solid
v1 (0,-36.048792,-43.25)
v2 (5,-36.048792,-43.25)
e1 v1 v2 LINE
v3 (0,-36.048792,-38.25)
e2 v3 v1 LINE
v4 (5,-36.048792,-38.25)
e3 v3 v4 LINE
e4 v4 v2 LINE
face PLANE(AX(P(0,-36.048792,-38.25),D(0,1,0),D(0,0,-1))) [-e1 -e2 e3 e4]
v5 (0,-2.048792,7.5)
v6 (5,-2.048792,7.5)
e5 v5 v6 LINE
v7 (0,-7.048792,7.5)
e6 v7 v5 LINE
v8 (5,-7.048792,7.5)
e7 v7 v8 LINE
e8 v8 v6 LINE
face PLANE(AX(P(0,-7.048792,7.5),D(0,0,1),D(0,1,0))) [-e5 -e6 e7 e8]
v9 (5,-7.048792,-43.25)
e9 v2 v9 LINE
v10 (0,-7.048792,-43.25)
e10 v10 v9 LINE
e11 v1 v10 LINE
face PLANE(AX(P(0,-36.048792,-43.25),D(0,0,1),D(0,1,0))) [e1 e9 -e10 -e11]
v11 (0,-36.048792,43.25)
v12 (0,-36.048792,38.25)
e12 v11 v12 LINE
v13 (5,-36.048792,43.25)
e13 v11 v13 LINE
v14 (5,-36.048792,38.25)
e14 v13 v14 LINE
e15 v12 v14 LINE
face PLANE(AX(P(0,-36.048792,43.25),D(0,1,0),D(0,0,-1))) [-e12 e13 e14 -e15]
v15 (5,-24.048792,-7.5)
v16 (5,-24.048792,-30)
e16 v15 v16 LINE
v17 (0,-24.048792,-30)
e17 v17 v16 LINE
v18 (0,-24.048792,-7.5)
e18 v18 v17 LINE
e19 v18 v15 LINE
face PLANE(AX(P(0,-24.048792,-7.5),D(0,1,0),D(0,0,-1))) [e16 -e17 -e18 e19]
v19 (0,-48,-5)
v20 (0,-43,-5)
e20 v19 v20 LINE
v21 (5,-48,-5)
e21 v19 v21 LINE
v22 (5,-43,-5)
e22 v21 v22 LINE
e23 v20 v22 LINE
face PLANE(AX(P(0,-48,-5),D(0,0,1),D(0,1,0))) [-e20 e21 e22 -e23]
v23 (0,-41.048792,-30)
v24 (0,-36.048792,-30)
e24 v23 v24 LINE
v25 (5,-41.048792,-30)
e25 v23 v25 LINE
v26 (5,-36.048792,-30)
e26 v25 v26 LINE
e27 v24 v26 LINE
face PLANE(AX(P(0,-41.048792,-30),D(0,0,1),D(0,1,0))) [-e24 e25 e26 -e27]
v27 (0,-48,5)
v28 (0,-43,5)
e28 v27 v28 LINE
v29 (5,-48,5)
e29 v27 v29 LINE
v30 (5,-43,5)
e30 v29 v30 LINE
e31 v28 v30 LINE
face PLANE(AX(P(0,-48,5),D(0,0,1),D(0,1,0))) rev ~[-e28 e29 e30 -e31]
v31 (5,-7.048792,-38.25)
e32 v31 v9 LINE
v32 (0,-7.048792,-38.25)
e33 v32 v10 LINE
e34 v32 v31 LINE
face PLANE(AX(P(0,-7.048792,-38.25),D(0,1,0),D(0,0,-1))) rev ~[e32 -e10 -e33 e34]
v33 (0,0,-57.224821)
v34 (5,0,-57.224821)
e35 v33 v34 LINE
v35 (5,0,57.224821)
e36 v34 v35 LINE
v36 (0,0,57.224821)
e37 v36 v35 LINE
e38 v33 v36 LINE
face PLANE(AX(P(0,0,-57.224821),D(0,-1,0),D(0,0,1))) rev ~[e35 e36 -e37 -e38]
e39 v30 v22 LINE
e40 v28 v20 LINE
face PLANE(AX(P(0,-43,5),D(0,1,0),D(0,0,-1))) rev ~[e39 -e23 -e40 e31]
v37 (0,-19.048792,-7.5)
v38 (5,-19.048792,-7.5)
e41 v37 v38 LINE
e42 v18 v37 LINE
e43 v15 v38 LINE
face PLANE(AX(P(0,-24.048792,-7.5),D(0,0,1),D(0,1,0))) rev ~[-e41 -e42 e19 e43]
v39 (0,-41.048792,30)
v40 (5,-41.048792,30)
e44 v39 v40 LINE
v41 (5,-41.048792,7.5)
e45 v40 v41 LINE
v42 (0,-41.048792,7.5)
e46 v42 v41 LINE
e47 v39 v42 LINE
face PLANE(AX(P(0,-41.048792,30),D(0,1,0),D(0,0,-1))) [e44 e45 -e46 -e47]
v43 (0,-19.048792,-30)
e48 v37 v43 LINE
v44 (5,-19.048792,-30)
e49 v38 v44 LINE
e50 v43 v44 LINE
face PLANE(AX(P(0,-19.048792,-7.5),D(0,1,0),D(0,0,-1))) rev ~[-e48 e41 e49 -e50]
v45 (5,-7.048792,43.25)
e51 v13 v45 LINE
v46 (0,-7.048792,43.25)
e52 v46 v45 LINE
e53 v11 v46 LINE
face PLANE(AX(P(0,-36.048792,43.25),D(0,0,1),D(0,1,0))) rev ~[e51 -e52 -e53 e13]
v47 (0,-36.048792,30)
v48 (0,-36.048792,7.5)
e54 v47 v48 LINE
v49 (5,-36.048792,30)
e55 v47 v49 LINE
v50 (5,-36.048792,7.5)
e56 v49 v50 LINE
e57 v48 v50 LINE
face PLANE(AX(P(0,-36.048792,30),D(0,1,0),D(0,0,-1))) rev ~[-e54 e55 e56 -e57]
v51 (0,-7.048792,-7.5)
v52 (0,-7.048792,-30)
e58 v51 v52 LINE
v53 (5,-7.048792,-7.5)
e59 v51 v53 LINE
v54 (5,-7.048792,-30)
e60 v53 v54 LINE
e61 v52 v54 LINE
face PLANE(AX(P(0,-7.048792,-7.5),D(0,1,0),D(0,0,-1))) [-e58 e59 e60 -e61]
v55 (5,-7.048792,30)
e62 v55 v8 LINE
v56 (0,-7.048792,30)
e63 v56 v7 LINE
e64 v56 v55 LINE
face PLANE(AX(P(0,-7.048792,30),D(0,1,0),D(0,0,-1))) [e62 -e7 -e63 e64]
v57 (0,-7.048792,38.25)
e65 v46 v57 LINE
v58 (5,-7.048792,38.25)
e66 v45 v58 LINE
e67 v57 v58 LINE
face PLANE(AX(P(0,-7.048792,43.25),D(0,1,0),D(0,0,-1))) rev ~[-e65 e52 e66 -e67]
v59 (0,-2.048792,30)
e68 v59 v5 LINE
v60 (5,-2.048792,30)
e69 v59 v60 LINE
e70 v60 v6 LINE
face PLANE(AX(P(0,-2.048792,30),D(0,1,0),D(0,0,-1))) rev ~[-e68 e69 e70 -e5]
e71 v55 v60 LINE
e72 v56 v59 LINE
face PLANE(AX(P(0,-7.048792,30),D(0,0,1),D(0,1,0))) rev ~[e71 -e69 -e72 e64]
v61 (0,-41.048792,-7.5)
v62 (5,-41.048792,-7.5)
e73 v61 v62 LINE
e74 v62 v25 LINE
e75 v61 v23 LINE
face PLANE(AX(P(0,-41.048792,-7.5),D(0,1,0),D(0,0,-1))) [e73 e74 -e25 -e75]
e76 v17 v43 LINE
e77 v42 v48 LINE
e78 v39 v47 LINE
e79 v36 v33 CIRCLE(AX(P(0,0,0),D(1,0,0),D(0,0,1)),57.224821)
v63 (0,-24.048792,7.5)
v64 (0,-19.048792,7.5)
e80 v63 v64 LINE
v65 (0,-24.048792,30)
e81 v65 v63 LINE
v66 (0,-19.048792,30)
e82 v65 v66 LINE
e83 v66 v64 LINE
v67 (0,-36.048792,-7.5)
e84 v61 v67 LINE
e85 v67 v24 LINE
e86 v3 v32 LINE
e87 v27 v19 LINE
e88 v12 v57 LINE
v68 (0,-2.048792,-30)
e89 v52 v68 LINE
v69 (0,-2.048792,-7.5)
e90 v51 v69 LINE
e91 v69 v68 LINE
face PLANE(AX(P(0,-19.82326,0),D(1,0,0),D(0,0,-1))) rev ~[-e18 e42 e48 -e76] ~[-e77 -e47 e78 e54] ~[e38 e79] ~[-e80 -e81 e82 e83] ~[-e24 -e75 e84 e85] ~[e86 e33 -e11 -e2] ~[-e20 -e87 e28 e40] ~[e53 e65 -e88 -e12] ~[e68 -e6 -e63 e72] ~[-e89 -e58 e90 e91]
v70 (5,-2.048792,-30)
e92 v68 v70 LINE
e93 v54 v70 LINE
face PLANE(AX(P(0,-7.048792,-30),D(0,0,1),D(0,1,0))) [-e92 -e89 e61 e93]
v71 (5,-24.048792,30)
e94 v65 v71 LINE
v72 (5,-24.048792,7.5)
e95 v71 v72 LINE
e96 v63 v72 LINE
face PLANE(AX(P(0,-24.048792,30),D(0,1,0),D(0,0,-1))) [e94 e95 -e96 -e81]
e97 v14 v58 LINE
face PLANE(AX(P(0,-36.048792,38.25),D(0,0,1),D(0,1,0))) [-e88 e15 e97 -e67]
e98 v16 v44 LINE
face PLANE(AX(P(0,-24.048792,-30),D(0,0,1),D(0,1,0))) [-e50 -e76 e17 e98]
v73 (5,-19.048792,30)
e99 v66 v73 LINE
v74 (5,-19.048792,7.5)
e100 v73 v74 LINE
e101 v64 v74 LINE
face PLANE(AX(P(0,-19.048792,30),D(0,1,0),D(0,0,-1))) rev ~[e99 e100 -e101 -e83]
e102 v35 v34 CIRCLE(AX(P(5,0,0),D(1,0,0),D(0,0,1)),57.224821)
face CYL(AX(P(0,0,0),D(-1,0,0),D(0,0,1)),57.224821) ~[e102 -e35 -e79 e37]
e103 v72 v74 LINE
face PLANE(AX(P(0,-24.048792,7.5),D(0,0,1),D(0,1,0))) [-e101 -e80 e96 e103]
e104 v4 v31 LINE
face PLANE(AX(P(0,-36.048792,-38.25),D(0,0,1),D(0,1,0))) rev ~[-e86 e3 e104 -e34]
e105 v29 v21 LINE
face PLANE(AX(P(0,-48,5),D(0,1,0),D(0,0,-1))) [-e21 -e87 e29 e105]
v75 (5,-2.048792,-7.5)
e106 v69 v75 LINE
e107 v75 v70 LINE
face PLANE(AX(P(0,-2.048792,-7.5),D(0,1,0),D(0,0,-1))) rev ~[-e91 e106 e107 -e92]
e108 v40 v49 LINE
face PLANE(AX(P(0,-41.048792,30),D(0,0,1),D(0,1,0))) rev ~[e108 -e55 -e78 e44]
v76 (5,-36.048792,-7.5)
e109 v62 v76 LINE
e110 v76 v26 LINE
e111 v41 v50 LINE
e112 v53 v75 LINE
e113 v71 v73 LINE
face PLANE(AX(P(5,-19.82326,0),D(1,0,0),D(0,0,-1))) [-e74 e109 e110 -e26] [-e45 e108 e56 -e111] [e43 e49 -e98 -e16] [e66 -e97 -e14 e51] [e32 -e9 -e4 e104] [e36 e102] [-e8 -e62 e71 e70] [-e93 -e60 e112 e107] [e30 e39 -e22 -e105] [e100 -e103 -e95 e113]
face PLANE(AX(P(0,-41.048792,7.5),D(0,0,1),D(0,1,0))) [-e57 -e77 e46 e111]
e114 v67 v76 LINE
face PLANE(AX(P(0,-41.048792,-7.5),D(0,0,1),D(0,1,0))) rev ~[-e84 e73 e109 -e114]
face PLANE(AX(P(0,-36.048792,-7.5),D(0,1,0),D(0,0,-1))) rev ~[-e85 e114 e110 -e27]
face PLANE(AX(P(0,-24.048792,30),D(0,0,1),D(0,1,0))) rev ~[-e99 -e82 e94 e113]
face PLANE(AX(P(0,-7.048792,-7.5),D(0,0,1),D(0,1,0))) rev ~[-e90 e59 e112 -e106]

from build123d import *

# Parameters (mm, degrees)
SKETCH1_W           = 22.5
SKETCH1_H           = 5
SKETCH1_W_2         = 10
SKETCH1_W_3         = 5
SKETCH1_H_2         = 29
BOSS_EXTRUDE1_DEPTH = 5


with BuildPart() as part:
    # Sketch1 → Boss-Extrude1 (new body)
    with BuildSketch(Plane(origin=(0, 0, 0), x_dir=(0, 0, -1), z_dir=(1, 0, 0))):
        with BuildLine():
            Line((57.224821465, 0), (-57.224821465, 0))
            ThreePointArc((-57.224821465, 0), (0, -57.224821465), (57.224821465, 0))
        make_face()
        with Locations((-18.75, -38.548791642)):
            Rectangle(SKETCH1_W, SKETCH1_H, mode=Mode.SUBTRACT)
        with Locations((0, -45.5)):
            Rectangle(SKETCH1_W_2, SKETCH1_H, mode=Mode.SUBTRACT)
        with Locations((18.75, -38.548791642)):
            Rectangle(SKETCH1_W, SKETCH1_H, mode=Mode.SUBTRACT)
        with Locations((-40.75, -21.548791642)):
            Rectangle(SKETCH1_W_3, SKETCH1_H_2, mode=Mode.SUBTRACT)
        with Locations((-18.75, -21.548791642)):
            Rectangle(SKETCH1_W, SKETCH1_H, mode=Mode.SUBTRACT)
        with Locations((-18.75, -4.548791642)):
            Rectangle(SKETCH1_W, SKETCH1_H, mode=Mode.SUBTRACT)
        with Locations((40.75, -21.548791642)):
            Rectangle(SKETCH1_W_3, SKETCH1_H_2, mode=Mode.SUBTRACT)
        with Locations((18.75, -21.548791642)):
            Rectangle(SKETCH1_W, SKETCH1_H, mode=Mode.SUBTRACT)
        with Locations((18.75, -4.548791642)):
            Rectangle(SKETCH1_W, SKETCH1_H, mode=Mode.SUBTRACT)
    extrude(amount=BOSS_EXTRUDE1_DEPTH)


solid = part.part
